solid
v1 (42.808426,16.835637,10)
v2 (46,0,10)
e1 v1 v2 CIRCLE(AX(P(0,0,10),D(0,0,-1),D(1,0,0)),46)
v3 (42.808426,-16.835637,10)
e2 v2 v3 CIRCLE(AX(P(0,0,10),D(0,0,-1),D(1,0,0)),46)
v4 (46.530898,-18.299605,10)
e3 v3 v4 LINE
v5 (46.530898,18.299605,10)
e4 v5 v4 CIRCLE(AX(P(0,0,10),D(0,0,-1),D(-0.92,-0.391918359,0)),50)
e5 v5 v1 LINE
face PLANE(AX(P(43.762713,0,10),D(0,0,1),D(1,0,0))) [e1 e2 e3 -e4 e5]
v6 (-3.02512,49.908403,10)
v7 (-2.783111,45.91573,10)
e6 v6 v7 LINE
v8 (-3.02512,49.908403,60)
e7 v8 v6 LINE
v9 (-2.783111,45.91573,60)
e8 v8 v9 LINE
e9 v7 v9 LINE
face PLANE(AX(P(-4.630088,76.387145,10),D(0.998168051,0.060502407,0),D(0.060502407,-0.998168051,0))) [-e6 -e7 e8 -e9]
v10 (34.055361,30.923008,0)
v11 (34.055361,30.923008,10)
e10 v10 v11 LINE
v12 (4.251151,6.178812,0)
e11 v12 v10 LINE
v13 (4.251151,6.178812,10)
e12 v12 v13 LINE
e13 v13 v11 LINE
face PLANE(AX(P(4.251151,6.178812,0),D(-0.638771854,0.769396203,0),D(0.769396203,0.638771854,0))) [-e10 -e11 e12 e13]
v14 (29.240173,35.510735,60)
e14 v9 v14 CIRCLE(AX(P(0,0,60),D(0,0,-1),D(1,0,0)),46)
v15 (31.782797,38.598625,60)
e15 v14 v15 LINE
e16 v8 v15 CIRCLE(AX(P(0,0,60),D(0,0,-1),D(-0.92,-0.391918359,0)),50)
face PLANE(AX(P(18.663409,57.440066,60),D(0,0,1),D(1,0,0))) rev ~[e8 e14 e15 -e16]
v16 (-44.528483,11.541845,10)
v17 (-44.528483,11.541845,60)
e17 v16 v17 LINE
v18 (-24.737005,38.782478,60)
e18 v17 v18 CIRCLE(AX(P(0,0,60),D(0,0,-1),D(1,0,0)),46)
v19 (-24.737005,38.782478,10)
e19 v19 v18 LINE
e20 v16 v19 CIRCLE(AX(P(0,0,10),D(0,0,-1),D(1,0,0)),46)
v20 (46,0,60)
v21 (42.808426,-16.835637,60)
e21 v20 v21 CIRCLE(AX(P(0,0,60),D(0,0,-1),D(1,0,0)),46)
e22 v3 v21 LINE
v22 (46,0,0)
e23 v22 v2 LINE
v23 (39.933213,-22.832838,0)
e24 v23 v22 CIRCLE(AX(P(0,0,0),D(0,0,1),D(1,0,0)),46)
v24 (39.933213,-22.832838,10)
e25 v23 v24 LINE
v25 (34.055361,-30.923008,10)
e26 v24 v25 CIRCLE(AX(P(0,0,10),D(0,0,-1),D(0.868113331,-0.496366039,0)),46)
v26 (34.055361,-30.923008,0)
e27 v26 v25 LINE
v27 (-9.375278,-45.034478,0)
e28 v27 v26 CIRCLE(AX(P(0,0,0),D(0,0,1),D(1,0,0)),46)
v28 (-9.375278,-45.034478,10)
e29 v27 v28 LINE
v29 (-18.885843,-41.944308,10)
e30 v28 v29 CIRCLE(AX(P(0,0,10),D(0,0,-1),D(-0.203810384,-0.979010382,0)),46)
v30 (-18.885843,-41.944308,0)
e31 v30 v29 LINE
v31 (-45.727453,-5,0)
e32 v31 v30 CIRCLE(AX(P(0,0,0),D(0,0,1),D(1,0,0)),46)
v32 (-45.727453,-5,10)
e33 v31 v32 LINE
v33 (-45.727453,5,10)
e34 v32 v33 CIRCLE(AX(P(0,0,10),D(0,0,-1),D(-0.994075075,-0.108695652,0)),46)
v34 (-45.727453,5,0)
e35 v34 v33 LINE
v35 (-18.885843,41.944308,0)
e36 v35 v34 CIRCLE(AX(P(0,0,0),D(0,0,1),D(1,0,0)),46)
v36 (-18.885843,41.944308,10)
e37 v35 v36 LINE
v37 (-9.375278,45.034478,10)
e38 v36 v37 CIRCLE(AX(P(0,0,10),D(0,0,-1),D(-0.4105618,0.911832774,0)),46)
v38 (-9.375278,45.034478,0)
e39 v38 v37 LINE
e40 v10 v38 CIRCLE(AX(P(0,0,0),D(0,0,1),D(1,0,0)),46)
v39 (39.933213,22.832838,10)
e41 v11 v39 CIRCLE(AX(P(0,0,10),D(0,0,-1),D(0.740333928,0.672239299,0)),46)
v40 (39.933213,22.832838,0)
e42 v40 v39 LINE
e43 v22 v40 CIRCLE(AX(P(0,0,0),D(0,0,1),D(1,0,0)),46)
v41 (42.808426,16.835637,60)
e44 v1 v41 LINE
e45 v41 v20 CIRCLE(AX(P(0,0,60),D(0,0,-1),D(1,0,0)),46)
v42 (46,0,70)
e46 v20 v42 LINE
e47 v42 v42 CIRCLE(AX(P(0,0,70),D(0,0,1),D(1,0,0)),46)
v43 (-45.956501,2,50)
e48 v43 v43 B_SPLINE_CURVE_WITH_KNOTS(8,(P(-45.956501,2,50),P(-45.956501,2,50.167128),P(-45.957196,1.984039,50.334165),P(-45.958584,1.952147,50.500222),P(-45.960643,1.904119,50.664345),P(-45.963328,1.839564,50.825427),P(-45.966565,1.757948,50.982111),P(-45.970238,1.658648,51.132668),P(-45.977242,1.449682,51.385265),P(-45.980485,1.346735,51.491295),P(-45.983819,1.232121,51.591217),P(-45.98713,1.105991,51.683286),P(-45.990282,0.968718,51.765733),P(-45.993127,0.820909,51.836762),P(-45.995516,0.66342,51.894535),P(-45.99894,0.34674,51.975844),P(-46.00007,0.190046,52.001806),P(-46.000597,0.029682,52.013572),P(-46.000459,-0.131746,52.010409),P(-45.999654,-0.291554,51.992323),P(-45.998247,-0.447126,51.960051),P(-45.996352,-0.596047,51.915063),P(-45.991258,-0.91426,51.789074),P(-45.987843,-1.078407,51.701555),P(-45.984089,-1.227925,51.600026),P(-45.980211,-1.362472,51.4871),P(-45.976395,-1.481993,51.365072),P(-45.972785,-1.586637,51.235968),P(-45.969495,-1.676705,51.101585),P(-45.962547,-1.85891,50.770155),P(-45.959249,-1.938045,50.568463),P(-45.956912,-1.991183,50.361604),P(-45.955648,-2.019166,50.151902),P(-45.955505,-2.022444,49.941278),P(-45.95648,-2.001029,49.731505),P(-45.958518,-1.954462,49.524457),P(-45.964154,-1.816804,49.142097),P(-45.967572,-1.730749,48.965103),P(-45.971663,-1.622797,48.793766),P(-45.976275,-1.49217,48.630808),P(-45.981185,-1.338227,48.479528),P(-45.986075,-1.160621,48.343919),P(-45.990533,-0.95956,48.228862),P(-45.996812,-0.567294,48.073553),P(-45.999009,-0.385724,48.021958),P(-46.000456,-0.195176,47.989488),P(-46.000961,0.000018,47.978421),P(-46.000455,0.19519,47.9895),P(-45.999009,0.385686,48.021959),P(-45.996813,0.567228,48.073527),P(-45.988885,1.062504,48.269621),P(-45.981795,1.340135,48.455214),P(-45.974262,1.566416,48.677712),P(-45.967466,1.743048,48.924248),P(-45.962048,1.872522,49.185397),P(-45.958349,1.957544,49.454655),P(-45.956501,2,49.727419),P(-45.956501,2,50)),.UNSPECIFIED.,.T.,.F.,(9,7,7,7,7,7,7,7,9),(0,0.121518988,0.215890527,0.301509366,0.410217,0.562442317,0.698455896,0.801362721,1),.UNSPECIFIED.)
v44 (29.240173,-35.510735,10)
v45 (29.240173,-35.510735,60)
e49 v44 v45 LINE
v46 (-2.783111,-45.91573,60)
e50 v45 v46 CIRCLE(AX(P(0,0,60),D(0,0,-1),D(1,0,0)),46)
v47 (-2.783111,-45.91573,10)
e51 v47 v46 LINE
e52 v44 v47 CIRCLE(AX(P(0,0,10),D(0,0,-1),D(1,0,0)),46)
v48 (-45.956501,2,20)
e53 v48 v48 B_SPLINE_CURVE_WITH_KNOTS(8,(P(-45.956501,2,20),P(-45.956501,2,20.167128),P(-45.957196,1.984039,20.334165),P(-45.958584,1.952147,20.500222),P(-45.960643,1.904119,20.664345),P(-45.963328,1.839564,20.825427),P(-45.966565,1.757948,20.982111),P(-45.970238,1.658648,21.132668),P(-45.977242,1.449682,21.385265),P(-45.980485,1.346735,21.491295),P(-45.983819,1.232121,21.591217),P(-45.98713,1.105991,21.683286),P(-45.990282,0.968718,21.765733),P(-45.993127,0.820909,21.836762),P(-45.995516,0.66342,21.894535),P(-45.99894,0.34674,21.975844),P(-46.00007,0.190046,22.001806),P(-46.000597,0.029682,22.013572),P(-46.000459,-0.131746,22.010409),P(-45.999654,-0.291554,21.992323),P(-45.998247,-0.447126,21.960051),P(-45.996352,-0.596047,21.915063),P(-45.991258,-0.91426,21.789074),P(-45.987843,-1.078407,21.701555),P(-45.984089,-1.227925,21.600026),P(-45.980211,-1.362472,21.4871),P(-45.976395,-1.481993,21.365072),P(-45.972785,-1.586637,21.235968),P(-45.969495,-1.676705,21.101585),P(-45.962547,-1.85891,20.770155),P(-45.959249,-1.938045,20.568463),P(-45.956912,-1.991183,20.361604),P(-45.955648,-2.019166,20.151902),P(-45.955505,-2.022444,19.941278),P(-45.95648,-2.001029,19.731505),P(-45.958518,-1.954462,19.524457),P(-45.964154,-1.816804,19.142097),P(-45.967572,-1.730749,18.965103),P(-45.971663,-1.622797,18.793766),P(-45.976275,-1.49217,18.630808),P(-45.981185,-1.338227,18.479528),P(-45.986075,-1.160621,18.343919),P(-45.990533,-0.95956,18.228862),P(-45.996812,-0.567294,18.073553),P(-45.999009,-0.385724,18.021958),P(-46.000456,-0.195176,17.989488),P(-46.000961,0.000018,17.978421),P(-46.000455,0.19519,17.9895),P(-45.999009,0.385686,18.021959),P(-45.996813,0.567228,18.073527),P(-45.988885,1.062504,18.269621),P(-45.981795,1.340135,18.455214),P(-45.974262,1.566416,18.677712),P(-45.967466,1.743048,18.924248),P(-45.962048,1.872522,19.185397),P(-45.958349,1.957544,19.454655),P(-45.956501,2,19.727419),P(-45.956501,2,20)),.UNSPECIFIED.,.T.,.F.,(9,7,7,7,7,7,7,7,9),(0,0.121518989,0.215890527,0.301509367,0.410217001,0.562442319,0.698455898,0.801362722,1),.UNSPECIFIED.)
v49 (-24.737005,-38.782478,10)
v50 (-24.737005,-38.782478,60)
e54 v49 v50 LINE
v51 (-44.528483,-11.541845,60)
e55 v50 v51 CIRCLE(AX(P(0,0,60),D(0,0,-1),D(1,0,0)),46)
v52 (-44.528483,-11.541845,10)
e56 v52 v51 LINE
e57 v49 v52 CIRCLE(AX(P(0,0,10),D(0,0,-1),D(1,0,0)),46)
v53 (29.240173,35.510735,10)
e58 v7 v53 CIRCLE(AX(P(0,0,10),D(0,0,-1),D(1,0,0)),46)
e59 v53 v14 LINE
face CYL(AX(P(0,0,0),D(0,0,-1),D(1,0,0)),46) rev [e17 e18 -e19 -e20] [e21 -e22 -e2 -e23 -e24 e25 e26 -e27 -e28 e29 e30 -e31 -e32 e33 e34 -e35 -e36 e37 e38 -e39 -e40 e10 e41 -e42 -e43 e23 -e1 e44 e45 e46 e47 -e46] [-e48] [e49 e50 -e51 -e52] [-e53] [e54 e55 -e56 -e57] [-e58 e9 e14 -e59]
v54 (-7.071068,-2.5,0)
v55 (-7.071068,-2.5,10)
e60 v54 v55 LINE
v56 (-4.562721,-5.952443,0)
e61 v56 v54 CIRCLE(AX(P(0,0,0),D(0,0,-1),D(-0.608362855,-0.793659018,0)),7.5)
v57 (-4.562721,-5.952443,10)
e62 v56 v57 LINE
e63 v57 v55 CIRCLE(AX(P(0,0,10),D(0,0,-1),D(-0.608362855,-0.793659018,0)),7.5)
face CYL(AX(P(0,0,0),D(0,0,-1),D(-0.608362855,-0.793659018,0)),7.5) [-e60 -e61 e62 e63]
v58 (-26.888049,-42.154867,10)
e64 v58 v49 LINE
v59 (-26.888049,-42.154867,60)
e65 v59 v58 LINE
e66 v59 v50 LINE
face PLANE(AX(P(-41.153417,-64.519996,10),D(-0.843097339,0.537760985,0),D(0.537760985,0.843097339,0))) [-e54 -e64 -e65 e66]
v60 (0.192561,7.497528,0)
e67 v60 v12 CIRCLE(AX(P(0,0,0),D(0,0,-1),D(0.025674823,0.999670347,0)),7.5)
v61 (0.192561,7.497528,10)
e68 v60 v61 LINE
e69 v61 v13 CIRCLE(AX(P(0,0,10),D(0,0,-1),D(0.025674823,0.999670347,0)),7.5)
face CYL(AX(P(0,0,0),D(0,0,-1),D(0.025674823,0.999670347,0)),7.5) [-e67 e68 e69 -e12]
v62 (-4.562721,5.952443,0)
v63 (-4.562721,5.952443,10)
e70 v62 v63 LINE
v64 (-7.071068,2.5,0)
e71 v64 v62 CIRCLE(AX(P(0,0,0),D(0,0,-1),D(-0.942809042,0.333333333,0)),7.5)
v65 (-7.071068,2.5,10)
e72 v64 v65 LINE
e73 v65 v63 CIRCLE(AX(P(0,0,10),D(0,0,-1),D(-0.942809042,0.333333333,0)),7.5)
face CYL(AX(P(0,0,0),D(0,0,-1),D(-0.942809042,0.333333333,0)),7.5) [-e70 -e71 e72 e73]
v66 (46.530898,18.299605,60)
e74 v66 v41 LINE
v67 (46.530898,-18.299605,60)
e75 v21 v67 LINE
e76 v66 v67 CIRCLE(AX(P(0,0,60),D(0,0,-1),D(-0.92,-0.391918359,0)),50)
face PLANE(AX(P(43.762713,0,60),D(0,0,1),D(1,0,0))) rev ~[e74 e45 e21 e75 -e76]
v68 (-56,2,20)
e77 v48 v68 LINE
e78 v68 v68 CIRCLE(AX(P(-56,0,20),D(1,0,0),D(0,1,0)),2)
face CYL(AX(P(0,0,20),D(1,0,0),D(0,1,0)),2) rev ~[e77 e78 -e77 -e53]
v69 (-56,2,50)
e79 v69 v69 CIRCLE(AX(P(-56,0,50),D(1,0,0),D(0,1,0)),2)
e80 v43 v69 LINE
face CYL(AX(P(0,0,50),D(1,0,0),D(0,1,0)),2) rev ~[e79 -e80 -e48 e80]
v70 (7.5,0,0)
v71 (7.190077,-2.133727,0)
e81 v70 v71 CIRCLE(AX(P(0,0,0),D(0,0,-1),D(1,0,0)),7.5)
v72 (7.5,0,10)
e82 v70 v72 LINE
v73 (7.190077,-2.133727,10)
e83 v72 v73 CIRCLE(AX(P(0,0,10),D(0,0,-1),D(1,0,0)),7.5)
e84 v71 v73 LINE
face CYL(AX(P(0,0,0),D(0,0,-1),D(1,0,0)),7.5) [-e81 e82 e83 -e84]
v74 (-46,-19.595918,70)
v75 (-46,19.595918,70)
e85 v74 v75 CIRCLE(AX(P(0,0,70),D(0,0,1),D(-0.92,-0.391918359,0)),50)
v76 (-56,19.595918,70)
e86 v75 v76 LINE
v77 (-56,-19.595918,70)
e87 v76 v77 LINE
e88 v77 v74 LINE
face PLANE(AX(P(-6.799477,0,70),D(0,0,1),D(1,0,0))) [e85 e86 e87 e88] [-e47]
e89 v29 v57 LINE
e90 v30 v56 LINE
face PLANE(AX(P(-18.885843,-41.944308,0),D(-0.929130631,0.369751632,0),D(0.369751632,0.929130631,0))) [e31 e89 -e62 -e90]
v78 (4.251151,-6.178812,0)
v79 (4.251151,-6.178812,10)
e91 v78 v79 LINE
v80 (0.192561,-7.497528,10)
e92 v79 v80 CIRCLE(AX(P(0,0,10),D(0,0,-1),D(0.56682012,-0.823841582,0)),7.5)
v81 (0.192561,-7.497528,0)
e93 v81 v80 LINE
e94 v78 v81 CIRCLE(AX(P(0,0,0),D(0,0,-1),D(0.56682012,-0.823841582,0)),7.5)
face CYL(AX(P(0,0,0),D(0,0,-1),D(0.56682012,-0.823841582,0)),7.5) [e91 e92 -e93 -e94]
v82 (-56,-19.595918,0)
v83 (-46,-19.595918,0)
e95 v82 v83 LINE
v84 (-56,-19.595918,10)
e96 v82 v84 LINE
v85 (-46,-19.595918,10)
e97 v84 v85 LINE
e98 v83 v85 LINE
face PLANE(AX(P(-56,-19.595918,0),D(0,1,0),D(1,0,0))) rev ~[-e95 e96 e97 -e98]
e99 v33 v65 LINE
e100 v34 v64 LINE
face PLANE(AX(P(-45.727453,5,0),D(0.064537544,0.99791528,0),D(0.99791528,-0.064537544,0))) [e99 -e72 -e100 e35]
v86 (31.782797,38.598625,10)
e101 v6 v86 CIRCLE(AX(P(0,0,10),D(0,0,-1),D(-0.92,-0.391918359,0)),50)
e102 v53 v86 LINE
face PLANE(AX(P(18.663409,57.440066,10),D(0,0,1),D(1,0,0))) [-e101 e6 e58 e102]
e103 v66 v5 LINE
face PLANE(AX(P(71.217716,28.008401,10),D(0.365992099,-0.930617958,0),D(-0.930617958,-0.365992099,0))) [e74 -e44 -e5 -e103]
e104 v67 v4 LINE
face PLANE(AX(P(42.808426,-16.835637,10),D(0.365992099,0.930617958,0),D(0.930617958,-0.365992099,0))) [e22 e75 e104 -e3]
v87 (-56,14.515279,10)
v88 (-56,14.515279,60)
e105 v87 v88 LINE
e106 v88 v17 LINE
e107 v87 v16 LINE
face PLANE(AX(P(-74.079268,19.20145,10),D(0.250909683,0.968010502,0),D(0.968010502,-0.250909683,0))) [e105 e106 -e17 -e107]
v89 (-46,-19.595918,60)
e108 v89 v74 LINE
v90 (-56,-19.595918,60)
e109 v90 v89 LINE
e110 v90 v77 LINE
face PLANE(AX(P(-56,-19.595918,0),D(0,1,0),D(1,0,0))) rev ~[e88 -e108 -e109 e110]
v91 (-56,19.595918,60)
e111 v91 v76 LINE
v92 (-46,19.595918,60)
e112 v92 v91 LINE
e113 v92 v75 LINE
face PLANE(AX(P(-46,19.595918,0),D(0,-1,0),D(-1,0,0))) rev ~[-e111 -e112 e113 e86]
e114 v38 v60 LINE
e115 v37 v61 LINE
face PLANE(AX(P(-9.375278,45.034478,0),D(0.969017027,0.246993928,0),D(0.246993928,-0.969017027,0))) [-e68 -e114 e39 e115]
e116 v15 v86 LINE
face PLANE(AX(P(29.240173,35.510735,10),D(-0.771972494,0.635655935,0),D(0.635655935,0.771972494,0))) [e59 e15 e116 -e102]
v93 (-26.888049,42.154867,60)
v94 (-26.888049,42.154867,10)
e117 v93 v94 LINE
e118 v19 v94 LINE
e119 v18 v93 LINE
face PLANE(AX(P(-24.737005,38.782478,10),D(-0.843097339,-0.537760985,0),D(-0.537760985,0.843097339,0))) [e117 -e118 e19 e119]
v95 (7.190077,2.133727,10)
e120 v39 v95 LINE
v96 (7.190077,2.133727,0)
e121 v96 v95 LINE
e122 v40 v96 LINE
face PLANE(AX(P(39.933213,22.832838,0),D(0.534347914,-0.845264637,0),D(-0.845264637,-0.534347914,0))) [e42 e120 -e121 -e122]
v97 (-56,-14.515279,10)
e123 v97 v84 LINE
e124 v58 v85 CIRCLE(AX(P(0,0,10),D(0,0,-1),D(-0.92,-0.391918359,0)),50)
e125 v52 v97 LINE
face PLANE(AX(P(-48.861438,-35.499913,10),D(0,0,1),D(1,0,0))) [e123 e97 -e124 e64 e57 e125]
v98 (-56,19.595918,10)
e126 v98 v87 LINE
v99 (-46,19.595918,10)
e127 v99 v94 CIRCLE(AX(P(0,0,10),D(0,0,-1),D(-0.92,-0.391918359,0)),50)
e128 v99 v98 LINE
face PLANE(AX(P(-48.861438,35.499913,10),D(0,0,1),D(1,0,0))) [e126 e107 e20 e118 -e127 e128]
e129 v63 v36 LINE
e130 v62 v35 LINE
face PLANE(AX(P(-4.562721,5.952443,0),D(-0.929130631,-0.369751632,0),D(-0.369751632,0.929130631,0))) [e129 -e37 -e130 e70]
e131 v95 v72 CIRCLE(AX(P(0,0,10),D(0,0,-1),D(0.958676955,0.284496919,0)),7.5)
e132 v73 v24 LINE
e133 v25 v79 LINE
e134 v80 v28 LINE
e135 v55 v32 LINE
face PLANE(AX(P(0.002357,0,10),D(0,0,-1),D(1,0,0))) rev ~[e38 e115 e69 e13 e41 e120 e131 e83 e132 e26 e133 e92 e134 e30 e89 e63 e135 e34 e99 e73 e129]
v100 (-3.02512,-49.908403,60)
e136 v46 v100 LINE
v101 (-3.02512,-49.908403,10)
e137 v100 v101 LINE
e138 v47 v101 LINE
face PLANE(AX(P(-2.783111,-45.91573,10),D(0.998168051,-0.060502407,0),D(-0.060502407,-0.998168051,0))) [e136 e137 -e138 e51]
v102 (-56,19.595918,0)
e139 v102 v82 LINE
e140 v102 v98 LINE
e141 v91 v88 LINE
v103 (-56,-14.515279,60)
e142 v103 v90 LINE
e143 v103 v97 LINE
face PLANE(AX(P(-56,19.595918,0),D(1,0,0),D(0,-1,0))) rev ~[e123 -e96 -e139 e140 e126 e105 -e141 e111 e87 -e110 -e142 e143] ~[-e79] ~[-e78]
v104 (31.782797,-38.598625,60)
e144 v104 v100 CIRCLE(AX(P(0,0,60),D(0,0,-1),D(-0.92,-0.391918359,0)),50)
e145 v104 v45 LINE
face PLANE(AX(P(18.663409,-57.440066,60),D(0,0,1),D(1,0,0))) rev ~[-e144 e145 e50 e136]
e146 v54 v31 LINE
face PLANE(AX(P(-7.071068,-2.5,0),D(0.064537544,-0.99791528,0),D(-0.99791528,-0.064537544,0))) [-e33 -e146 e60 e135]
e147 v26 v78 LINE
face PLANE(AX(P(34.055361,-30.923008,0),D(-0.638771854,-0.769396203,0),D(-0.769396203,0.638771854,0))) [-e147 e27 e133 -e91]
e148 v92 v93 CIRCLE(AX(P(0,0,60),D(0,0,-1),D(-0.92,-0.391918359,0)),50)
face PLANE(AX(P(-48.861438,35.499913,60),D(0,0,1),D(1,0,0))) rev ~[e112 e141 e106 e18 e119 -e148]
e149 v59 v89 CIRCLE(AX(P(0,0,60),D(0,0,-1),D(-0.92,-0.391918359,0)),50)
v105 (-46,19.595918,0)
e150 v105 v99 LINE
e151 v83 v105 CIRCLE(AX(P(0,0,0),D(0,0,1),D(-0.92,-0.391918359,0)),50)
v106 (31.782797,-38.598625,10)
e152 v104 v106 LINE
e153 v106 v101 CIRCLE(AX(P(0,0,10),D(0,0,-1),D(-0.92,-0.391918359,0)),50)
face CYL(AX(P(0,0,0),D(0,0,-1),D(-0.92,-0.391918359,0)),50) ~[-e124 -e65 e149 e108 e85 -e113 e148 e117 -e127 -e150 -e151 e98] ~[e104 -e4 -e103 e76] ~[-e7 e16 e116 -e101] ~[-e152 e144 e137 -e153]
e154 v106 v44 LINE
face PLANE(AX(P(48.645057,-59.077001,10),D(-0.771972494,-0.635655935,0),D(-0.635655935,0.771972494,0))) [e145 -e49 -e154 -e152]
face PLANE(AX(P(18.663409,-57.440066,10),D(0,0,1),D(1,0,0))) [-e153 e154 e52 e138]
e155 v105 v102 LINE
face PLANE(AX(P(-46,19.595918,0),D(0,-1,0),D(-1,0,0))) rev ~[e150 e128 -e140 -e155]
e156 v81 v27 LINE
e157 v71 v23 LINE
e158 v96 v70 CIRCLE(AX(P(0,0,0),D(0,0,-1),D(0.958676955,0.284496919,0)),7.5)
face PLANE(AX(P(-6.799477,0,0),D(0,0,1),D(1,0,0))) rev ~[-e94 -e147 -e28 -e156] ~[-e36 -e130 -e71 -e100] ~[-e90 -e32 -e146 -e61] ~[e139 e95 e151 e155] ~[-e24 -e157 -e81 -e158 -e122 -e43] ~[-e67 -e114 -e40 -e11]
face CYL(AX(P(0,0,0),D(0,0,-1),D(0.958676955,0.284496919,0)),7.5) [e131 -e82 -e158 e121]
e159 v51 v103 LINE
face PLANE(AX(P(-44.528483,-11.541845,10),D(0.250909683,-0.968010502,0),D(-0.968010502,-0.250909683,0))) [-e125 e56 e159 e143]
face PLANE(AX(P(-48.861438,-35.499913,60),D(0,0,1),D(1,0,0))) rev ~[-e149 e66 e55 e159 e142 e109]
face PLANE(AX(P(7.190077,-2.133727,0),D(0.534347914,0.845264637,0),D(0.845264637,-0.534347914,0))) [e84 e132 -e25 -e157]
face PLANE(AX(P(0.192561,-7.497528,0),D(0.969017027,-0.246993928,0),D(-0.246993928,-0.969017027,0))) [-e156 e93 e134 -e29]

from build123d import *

# Parameters (mm, degrees)
F0_R     = 46
F1_DEPTH = 70
F3_DEPTH = 10
F6_DEPTH = 50
F7_R     = 2
F8_DEPTH = 56.001


with BuildPart() as f1:
    # F0 (on Top) → F1 (new body)
    with BuildSketch(Plane.XY):
        with BuildLine():
            Line((-56, -19.5959179423), (-46, -19.5959179423))
            ThreePointArc((-46, -19.5959179423), (50, 0), (-46, 19.5959179423))
            Line((-46, 19.5959179423), (-56, 19.5959179423))
            Line((-56, 19.5959179423), (-56, -19.5959179423))
        make_face()
        Circle(F0_R, mode=Mode.SUBTRACT)
    extrude(amount=F1_DEPTH)

    # F2 (on face) → F3 (join)
    with BuildSketch(Plane(origin=(0, 0, 0), x_dir=(1, 0, 0), z_dir=(0, 0, -1))):
        with BuildLine():
            ThreePointArc((7.1900771589, -2.1337268918), (7.4221148836, -1.0780587433), (7.5, 0))
            ThreePointArc((7.5, 0), (7.4221148836, 1.0780587433), (7.1900771589, 2.1337268918))
            ThreePointArc((7.1900771589, 2.1337268918), (6.0676274578, 4.4083893922), (4.2511508974, 6.1788118637))
            ThreePointArc((4.2511508974, 6.1788118637), (2.3176274578, 7.1329238722), (0.1925611685, 7.4975276056))
            ThreePointArc((0.1925611685, 7.4975276056), (-2.3176274578, 7.1329238722), (-4.562721413, 5.9524426337))
            ThreePointArc((-4.562721413, 5.9524426337), (-6.0676274578, 4.4083893922), (-7.0710678119, 2.5))
            ThreePointArc((-7.0710678119, 2.5), (-7.5, 0), (-7.0710678119, -2.5))
            ThreePointArc((-7.0710678119, -2.5), (-6.0676274578, -4.4083893922), (-4.562721413, -5.9524426337))
            ThreePointArc((-4.562721413, -5.9524426337), (-2.3176274578, -7.1329238722), (0.1925611685, -7.4975276056))
            ThreePointArc((0.1925611685, -7.4975276056), (2.3176274578, -7.1329238722), (4.2511508975, -6.1788118637))
            ThreePointArc((4.2511508975, -6.1788118637), (6.0676274578, -4.4083893922), (7.1900771589, -2.1337268918))
        make_face()
        with BuildLine():
            ThreePointArc((-7.0710678119, -2.5), (-7.5, 0), (-7.0710678119, 2.5))
            Line((-7.0710678119, 2.5), (-45.7274534607, 5))
            ThreePointArc((-45.7274534607, 5), (-46, 0), (-45.7274534607, -5))
            Line((-45.7274534607, -5), (-7.0710678119, -2.5))
        make_face()
        with BuildLine():
            ThreePointArc((-4.562721413, 5.9524426337), (-2.3176274578, 7.1329238722), (0.1925611685, 7.4975276056))
            Line((0.1925611685, 7.4975276056), (-9.3752776474, 45.0344775593))
            ThreePointArc((-9.3752776474, 45.0344775593), (-14.2147817412, 43.7485997496), (-18.8858428103, 41.9443076155))
            Line((-18.8858428103, 41.9443076155), (-4.562721413, 5.9524426337))
        make_face()
        with BuildLine():
            ThreePointArc((4.2511508974, 6.1788118637), (6.0676274578, 4.4083893922), (7.1900771589, 2.1337268918))
            Line((7.1900771589, 2.1337268918), (39.9332132207, 22.8328377972))
            ThreePointArc((39.9332132207, 22.8328377972), (37.2147817412, 27.0381216055), (34.0553606977, 30.923007741))
            Line((34.0553606977, 30.923007741), (4.2511508974, 6.1788118637))
        make_face()
        with BuildLine():
            Line((39.9332132207, -22.8328377972), (7.1900771589, -2.1337268918))
            ThreePointArc((7.1900771589, -2.1337268918), (6.0676274578, -4.4083893922), (4.2511508975, -6.1788118637))
            Line((4.2511508975, -6.1788118637), (34.0553606977, -30.923007741))
            ThreePointArc((34.0553606977, -30.923007741), (37.2147817413, -27.0381216054), (39.9332132207, -22.8328377972))
        make_face()
        with BuildLine():
            Line((-9.3752776474, -45.0344775593), (0.1925611685, -7.4975276056))
            ThreePointArc((0.1925611685, -7.4975276056), (-2.3176274578, -7.1329238722), (-4.562721413, -5.9524426337))
            Line((-4.562721413, -5.9524426337), (-18.8858428103, -41.9443076155))
            ThreePointArc((-18.8858428103, -41.9443076155), (-14.2147817412, -43.7485997496), (-9.3752776474, -45.0344775593))
        make_face()
    extrude(amount=-F3_DEPTH)

    # F5 (on offset) → F6 (cut)
    with BuildSketch(Plane.XY.offset(10)):
        with BuildLine():
            Line((42.8084260527, 16.8356365753), (42.8084260527, -16.8356365753))
            ThreePointArc((42.8084260527, -16.8356365753), (46, 0), (42.8084260527, 16.8356365753))
        make_face()
        with BuildLine():
            ThreePointArc((42.8084260527, 16.8356365753), (46, 0), (42.8084260527, -16.8356365753))
            Line((42.8084260527, -16.8356365753), (71.2177157402, -28.0084013939))
            ThreePointArc((71.2177157402, -28.0084013939), (76.5273388005, 0), (71.2177157402, 28.0084013939))
            Line((71.2177157402, 28.0084013939), (42.8084260527, 16.8356365753))
        make_face()
        with BuildLine():
            Line((-2.7831107182, 45.9157303626), (29.2401730236, 35.5107347368))
            Line((29.2401730236, 35.5107347368), (48.645057121, 59.0770006144))
            ThreePointArc((48.645057121, 59.0770006144), (23.6482482237, 72.781824241), (-4.6300881924, 76.3871446464))
            Line((-4.6300881924, 76.3871446464), (-2.7831107182, 45.9157303626))
        make_face()
        with BuildLine():
            Line((-44.5284830709, 11.5418454071), (-24.7370052871, 38.7824776081))
            Line((-24.7370052871, 38.7824776081), (-41.1534170548, 64.519995727))
            ThreePointArc((-41.1534170548, 64.519995727), (-61.9119176239, 44.9816411442), (-74.079267614, 19.2014503011))
            Line((-74.079267614, 19.2014503011), (-44.5284830709, 11.5418454071))
        make_face()
        with BuildLine():
            Line((-24.7370052871, -38.7824776081), (-44.5284830709, -11.5418454071))
            Line((-44.5284830709, -11.5418454071), (-74.079267614, -19.2014503011))
            ThreePointArc((-74.079267614, -19.2014503011), (-61.9119176239, -44.9816411442), (-41.1534170548, -64.519995727))
            Line((-41.1534170548, -64.519995727), (-24.7370052871, -38.7824776081))
        make_face()
        with BuildLine():
            Line((29.2401730236, -35.5107347368), (-2.7831107182, -45.9157303626))
            Line((-2.7831107182, -45.9157303626), (-4.6300881924, -76.3871446464))
            ThreePointArc((-4.6300881924, -76.3871446464), (23.6482482237, -72.781824241), (48.645057121, -59.0770006144))
            Line((48.645057121, -59.0770006144), (29.2401730236, -35.5107347368))
        make_face()
    extrude(amount=F6_DEPTH, mode=Mode.SUBTRACT)

    # F7 (on Right) → F8 (cut, through all)
    with BuildSketch(Plane.YZ):
        with Locations((0, 50)):
            Circle(F7_R)
        with Locations((0, 20)):
            Circle(F7_R)
    extrude(amount=-F8_DEPTH, mode=Mode.SUBTRACT)


solid = f1.part
